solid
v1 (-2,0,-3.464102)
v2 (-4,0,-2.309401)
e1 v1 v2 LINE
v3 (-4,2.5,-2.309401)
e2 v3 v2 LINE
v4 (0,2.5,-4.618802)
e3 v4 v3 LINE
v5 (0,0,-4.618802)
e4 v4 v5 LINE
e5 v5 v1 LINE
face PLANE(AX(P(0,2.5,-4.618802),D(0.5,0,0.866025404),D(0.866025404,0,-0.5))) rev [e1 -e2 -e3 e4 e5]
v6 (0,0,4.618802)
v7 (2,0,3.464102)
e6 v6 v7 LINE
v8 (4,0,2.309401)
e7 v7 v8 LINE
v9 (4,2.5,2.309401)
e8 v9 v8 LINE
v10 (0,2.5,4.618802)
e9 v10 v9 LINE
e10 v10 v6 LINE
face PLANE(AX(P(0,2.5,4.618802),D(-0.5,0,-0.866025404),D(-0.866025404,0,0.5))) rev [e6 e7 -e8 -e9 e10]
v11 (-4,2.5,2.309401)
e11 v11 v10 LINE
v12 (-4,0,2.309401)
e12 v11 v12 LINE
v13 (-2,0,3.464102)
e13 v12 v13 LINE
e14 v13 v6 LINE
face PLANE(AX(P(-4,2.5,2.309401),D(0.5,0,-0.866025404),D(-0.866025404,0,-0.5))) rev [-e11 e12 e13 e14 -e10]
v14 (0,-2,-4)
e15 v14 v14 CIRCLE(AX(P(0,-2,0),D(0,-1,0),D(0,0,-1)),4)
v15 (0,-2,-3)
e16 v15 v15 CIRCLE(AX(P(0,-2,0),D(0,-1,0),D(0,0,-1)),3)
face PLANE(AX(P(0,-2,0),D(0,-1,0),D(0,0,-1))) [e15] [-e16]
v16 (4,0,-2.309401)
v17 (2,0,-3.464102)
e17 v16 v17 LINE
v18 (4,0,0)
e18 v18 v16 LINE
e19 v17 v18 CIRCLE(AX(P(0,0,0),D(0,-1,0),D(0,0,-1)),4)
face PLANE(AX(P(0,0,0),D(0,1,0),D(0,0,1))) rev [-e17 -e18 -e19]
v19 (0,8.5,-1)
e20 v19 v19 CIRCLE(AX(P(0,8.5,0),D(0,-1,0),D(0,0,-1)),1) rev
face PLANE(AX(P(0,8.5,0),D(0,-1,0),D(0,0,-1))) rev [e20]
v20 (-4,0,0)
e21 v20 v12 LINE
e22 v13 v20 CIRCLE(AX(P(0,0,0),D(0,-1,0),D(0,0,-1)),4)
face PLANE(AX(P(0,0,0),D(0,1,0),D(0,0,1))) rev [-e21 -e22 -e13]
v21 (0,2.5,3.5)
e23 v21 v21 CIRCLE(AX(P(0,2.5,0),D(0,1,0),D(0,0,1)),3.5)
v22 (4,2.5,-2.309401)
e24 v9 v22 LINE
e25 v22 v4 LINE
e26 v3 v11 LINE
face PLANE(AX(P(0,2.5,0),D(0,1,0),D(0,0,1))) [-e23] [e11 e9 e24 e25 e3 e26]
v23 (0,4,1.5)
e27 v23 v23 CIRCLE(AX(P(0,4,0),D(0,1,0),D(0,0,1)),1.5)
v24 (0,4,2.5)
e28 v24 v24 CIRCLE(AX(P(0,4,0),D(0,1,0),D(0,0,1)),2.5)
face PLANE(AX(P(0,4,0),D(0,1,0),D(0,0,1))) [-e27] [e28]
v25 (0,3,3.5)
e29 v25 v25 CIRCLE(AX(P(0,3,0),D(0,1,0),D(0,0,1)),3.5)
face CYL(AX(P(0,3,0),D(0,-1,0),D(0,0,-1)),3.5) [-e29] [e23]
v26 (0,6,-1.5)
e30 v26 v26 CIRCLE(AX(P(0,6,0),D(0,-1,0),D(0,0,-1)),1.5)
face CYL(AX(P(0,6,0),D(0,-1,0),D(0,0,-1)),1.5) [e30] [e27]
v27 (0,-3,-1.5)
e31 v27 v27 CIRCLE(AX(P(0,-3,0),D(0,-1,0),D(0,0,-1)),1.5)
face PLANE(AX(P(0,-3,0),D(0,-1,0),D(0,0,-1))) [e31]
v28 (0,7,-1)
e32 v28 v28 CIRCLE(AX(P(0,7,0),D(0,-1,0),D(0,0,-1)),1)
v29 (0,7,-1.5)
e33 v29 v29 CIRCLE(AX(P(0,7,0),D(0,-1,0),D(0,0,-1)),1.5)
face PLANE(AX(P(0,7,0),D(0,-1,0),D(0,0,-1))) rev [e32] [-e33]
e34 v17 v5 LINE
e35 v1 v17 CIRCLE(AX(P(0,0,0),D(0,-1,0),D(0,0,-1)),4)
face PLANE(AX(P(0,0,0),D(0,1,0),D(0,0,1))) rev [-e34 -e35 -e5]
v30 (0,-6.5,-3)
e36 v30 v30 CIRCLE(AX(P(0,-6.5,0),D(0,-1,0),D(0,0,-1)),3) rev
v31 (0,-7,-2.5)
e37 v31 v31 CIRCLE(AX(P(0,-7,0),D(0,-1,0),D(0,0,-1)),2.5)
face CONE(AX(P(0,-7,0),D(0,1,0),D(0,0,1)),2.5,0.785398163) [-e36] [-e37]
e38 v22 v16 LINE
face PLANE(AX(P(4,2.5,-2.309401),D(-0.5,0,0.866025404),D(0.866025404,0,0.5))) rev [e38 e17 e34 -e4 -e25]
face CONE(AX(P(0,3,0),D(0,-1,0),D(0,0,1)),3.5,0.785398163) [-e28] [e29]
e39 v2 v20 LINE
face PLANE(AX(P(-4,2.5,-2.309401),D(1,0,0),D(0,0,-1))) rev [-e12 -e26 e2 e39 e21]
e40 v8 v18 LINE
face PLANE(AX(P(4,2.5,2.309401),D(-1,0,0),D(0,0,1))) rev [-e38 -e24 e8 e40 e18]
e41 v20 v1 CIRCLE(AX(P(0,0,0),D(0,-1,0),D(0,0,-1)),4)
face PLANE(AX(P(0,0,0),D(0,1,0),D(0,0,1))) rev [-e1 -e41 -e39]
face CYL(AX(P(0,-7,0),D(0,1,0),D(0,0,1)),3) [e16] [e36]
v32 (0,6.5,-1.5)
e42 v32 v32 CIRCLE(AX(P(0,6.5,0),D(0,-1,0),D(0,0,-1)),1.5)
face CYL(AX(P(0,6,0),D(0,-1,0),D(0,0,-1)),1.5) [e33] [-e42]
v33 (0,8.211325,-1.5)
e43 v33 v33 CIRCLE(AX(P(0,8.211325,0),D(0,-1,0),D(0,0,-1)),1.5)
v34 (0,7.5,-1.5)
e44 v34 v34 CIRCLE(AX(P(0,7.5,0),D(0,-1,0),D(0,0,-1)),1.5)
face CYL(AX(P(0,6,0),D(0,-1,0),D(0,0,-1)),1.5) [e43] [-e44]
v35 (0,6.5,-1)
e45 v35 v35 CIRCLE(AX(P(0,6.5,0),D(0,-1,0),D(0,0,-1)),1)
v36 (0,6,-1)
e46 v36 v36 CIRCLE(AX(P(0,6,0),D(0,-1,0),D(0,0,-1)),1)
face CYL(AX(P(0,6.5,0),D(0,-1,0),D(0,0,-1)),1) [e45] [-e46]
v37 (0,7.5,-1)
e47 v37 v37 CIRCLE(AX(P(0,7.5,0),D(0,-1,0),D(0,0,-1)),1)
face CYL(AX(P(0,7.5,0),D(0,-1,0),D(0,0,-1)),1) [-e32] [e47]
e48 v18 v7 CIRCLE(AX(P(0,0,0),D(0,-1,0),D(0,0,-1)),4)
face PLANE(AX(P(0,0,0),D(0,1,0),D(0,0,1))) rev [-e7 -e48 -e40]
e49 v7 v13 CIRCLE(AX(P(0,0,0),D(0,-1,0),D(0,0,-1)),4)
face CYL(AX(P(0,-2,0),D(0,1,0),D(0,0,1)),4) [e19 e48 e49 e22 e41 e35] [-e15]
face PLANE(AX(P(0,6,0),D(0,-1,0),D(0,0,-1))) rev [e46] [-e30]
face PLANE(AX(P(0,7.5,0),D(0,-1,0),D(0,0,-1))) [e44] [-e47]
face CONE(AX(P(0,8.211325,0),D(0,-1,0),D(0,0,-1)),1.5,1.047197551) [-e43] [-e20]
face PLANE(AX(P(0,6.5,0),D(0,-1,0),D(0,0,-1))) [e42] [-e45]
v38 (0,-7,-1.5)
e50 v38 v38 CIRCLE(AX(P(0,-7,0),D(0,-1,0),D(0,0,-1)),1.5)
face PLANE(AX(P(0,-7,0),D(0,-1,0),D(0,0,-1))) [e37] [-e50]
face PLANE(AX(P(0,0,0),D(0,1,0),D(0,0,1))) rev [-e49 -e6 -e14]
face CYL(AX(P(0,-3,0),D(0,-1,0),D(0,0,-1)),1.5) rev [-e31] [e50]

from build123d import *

# Parameters (mm, degrees)
BOSS_EXTRUDE5_DEPTH  = 2.5
SKETCH6_R            = 4
BOSS_EXTRUDE6_DEPTH  = 2
SKETCH7_R            = 3
BOSS_EXTRUDE7_DEPTH  = 5
SKETCH8_R            = 1.5
CUT_EXTRUDE1_DEPTH   = 4
SKETCH9_R            = 1.5
BOSS_EXTRUDE8_DEPTH  = 3.5
SKETCH10_R           = 3.5
BOSS_EXTRUDE9_DEPTH  = 0.5
SKETCH11_R           = 3.5
BOSS_EXTRUDE10_DEPTH = 1
BOSS_EXTRUDE10_TAPER = 45
BOSS_EXTRUDE11_START = -4
SKETCH12_R           = 1.5
BOSS_EXTRUDE11_DEPTH = 11.5
CUT_EXTRUDE2_START   = -13
SKETCH13_R           = 1.5
SKETCH13_R_2         = 1
CUT_EXTRUDE2_DEPTH   = 0.5
CUT_EXTRUDE3_START   = -0.5
SKETCH14_R           = 1.5
SKETCH14_R_2         = 1
CUT_EXTRUDE3_DEPTH   = 0.5
CHAMFER1_SIZE        = 0.288675135
CHAMFER1_SIZE2       = 0.5
CHAMFER2_SIZE        = 0.5


with BuildPart() as part:
    # Sketch5 → Boss-Extrude5 (new body)
    with BuildSketch(Plane(origin=(0, 0, 0), x_dir=(1, 0, 0), z_dir=(0, 1, 0))):
        Polygon((-4, 2.309401077), (-4, -2.309401077), (0, -4.618802154), (4, -2.309401077), (4, 2.309401077), (0, 4.618802154), align=None)
    extrude(amount=BOSS_EXTRUDE5_DEPTH)

    # Sketch6 → Boss-Extrude6 (add)
    with BuildSketch(Plane.XZ):
        with Locations(Location((0, 0, 0), (0, 0, 60))):
            Circle(SKETCH6_R)
    extrude(amount=BOSS_EXTRUDE6_DEPTH)

    # Sketch7 → Boss-Extrude7 (add)
    with BuildSketch(Plane.XZ.offset(2)):
        with Locations(Location((0, 0, 0), (0, 0, 270))):
            Circle(SKETCH7_R)
    extrude(amount=BOSS_EXTRUDE7_DEPTH)

    # Sketch8 → Cut-Extrude1 (cut)
    with BuildSketch(Plane.XZ.offset(7)):
        with Locations(Location((0, 0, 0), (0, 0, 270))):
            Circle(SKETCH8_R)
    extrude(amount=-CUT_EXTRUDE1_DEPTH, mode=Mode.SUBTRACT)

    # Sketch9 → Boss-Extrude8 (add)
    with BuildSketch(Plane(origin=(0, 2.5, 0), x_dir=(1, 0, 0), z_dir=(0, 1, 0))):
        with Locations(Location((0, 0, 0), (0, 0, 90))):
            Circle(SKETCH9_R)
    extrude(amount=BOSS_EXTRUDE8_DEPTH)

    # Sketch10 → Boss-Extrude9 (add)
    with BuildSketch(Plane(origin=(0, 2.5, 0), x_dir=(1, 0, 0), z_dir=(0, 1, 0))):
        with Locations(Location((0, 0, 0), (0, 0, 270))):
            Circle(SKETCH10_R)
    extrude(amount=BOSS_EXTRUDE9_DEPTH)

    # Sketch11 → Boss-Extrude10 (add)
    with BuildSketch(Plane(origin=(0, 3, 0), x_dir=(1, 0, 0), z_dir=(0, 1, 0))):
        with Locations(Location((0, 0, 0), (0, 0, 270))):
            Circle(SKETCH11_R)
    extrude(amount=BOSS_EXTRUDE10_DEPTH, taper=BOSS_EXTRUDE10_TAPER)

    # Sketch12 → Boss-Extrude11 (add)
    with BuildSketch(Plane.XZ.offset(7).offset(BOSS_EXTRUDE11_START)):
        with Locations(Location((0, 0, 0), (0, 0, 270))):
            Circle(SKETCH12_R)
    extrude(amount=-BOSS_EXTRUDE11_DEPTH)

    # Sketch13 → Cut-Extrude2 (cut)
    with BuildSketch(Plane.XZ.offset(7).offset(CUT_EXTRUDE2_START)):
        with Locations(Location((0, 0, 0), (0, 0, 270))):
            Circle(SKETCH13_R)
        with Locations(Location((0, 0, 0), (0, 0, 270))):
            Circle(SKETCH13_R_2, mode=Mode.SUBTRACT)
    extrude(amount=-CUT_EXTRUDE2_DEPTH, mode=Mode.SUBTRACT)

    # Sketch14 → Cut-Extrude3 (cut)
    with BuildSketch(Plane.XZ.offset(-6.5).offset(CUT_EXTRUDE3_START)):
        with Locations(Location((0, 0, 0), (0, 0, 270))):
            Circle(SKETCH14_R)
        with Locations(Location((0, 0, 0), (0, 0, 270))):
            Circle(SKETCH14_R_2, mode=Mode.SUBTRACT)
    extrude(amount=-CUT_EXTRUDE3_DEPTH, mode=Mode.SUBTRACT)

    # Chamfer1
    chamfer1_edges = [part.edges().sort_by_distance(p)[0] for p in [
        (0, 8.5, 1.5),
    ]]
    chamfer1_side = [part.faces().sort_by_distance(p)[0] for p in [
        (0, 8, 1.5),
    ]]
    chamfer(chamfer1_edges, length=CHAMFER1_SIZE, length2=CHAMFER1_SIZE2, reference=chamfer1_side[0])

    # Chamfer2
    chamfer2_edges = [part.edges().sort_by_distance(p)[0] for p in [
        (0, -7, 3),
    ]]
    chamfer(chamfer2_edges, length=CHAMFER2_SIZE)


solid = part.part
